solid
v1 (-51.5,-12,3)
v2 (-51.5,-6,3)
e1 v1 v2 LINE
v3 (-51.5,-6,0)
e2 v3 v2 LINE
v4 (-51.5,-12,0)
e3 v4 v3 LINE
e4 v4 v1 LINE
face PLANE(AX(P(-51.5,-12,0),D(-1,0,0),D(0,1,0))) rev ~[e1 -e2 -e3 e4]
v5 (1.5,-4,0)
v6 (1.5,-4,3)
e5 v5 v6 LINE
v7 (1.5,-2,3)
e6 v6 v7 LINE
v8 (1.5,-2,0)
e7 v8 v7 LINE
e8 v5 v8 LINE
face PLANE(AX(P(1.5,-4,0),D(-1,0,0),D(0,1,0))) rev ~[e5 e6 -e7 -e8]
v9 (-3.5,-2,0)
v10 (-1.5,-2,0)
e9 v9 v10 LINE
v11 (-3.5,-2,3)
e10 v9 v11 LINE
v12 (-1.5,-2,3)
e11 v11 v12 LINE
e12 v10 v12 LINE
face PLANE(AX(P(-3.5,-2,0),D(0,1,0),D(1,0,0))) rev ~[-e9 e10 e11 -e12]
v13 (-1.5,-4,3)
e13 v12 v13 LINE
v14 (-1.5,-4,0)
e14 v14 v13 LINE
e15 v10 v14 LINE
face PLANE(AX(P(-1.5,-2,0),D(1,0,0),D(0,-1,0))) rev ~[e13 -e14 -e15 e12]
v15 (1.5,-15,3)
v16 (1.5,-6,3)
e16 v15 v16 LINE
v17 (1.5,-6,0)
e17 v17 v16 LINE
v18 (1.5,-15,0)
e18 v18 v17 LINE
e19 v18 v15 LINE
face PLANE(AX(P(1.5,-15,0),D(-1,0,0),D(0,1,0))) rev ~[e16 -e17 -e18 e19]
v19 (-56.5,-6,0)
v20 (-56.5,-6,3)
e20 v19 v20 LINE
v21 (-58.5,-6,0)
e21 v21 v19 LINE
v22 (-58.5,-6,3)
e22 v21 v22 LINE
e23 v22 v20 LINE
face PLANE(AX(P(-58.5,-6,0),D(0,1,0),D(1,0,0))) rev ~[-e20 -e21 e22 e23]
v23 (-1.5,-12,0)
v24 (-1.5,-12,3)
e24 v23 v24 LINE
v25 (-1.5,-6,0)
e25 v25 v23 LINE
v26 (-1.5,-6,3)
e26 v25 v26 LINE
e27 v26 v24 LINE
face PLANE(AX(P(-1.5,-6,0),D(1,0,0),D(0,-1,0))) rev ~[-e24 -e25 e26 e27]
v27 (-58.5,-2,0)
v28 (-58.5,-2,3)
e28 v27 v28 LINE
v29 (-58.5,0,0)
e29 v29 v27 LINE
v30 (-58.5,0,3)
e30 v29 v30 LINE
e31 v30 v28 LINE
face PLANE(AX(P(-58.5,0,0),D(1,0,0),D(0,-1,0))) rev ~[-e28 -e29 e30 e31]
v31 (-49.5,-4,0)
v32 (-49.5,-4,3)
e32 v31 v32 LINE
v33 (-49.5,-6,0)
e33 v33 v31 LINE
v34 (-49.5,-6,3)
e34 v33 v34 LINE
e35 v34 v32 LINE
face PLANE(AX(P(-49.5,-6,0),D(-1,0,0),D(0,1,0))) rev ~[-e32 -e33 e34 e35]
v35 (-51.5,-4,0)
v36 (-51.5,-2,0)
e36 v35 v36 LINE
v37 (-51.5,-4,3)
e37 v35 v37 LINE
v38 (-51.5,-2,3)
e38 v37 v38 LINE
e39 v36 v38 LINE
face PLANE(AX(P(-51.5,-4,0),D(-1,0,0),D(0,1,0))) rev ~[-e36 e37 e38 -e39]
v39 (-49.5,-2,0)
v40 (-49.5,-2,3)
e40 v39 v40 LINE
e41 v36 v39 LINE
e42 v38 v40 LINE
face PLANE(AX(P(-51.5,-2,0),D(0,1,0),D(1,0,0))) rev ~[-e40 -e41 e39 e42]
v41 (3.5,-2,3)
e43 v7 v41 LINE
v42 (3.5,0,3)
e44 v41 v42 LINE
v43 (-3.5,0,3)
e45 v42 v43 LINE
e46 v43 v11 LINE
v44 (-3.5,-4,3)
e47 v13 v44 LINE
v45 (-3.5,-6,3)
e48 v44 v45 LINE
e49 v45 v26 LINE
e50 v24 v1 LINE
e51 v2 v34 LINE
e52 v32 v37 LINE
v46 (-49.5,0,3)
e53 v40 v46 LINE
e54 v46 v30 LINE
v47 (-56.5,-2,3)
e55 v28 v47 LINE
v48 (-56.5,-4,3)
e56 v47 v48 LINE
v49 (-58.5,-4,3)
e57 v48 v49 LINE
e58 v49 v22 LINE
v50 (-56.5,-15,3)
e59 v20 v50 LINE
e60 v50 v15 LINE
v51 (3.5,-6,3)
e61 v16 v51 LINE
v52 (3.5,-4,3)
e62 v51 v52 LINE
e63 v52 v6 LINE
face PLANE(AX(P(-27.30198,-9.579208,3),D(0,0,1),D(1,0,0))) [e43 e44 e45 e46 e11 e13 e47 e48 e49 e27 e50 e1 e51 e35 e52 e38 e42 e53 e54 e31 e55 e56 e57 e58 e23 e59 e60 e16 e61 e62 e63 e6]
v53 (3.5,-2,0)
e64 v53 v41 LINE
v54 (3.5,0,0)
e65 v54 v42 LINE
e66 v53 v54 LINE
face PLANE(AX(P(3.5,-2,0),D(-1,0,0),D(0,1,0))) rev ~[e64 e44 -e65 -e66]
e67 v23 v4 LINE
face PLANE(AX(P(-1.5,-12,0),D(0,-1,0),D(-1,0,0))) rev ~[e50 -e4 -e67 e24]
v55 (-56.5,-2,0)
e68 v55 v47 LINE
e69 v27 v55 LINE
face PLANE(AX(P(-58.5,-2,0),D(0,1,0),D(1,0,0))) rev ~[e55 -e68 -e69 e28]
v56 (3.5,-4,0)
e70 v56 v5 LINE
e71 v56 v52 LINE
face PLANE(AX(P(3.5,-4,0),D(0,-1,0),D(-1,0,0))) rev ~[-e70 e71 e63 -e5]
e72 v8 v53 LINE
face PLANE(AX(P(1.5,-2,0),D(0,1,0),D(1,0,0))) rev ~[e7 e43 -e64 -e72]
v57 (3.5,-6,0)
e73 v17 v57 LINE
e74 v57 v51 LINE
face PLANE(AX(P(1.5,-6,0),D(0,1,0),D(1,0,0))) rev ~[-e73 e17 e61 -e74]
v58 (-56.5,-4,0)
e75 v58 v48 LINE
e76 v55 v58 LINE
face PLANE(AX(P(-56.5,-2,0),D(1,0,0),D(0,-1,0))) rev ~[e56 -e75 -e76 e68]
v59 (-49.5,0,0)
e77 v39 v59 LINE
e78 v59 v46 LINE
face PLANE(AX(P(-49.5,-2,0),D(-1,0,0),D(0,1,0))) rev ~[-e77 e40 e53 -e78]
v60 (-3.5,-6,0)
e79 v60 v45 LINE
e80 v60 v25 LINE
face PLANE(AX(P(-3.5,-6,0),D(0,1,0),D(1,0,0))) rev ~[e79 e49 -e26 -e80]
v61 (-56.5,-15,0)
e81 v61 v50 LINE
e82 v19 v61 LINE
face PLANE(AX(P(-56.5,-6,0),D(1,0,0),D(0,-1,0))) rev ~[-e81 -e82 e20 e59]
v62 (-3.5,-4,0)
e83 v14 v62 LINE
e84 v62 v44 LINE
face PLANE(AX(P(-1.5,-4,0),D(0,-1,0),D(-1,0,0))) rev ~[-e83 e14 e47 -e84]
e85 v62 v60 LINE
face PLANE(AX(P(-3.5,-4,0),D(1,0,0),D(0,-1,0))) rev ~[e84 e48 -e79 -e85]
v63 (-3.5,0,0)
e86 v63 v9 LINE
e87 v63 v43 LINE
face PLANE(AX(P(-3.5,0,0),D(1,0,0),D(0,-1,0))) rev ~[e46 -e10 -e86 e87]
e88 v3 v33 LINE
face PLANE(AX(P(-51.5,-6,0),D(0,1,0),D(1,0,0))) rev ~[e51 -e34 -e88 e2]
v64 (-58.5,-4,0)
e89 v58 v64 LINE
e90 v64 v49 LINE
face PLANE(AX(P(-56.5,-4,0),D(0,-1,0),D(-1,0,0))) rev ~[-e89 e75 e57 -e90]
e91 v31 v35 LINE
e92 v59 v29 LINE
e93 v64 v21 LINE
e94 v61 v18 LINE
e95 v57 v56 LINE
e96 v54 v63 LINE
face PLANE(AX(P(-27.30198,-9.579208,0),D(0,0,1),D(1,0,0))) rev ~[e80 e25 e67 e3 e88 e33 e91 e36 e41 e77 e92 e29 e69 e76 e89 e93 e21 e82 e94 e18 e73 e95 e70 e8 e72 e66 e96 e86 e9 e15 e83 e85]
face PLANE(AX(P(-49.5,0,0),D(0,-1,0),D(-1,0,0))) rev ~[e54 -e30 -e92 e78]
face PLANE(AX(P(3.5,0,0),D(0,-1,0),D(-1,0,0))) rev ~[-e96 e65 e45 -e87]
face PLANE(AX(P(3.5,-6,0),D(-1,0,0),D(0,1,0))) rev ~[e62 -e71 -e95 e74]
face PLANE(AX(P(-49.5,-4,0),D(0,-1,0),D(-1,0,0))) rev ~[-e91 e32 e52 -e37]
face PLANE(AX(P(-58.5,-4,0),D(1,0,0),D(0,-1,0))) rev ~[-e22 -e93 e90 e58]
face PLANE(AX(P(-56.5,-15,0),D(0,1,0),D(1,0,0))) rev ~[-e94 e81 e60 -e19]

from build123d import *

# Parameters (mm, degrees)
F1_DEPTH = 3


with BuildPart() as f1:
    # F0 (on Top) → F1 (new body)
    with BuildSketch(Plane.XY):
        Polygon((3.5, 0), (-3.5, 0), (-3.5, -2), (-1.5, -2), (-1.5, -4), (-3.5, -4), (-3.5, -6), (-1.5, -6), (-1.5, -12), (-51.5, -12), (-51.5, -6), (-49.5, -6), (-49.5, -4), (-51.5, -4), (-51.5, -2), (-49.5, -2), (-49.5, 0), (-58.5, 0), (-58.5, -2), (-56.5, -2), (-56.5, -4), (-58.5, -4), (-58.5, -6), (-56.5, -6), (-56.5, -15), (1.5, -15), (1.5, -6), (3.5, -6), (3.5, -4), (1.5, -4), (1.5, -2), (3.5, -2), align=None)
    extrude(amount=F1_DEPTH)


solid = f1.part
